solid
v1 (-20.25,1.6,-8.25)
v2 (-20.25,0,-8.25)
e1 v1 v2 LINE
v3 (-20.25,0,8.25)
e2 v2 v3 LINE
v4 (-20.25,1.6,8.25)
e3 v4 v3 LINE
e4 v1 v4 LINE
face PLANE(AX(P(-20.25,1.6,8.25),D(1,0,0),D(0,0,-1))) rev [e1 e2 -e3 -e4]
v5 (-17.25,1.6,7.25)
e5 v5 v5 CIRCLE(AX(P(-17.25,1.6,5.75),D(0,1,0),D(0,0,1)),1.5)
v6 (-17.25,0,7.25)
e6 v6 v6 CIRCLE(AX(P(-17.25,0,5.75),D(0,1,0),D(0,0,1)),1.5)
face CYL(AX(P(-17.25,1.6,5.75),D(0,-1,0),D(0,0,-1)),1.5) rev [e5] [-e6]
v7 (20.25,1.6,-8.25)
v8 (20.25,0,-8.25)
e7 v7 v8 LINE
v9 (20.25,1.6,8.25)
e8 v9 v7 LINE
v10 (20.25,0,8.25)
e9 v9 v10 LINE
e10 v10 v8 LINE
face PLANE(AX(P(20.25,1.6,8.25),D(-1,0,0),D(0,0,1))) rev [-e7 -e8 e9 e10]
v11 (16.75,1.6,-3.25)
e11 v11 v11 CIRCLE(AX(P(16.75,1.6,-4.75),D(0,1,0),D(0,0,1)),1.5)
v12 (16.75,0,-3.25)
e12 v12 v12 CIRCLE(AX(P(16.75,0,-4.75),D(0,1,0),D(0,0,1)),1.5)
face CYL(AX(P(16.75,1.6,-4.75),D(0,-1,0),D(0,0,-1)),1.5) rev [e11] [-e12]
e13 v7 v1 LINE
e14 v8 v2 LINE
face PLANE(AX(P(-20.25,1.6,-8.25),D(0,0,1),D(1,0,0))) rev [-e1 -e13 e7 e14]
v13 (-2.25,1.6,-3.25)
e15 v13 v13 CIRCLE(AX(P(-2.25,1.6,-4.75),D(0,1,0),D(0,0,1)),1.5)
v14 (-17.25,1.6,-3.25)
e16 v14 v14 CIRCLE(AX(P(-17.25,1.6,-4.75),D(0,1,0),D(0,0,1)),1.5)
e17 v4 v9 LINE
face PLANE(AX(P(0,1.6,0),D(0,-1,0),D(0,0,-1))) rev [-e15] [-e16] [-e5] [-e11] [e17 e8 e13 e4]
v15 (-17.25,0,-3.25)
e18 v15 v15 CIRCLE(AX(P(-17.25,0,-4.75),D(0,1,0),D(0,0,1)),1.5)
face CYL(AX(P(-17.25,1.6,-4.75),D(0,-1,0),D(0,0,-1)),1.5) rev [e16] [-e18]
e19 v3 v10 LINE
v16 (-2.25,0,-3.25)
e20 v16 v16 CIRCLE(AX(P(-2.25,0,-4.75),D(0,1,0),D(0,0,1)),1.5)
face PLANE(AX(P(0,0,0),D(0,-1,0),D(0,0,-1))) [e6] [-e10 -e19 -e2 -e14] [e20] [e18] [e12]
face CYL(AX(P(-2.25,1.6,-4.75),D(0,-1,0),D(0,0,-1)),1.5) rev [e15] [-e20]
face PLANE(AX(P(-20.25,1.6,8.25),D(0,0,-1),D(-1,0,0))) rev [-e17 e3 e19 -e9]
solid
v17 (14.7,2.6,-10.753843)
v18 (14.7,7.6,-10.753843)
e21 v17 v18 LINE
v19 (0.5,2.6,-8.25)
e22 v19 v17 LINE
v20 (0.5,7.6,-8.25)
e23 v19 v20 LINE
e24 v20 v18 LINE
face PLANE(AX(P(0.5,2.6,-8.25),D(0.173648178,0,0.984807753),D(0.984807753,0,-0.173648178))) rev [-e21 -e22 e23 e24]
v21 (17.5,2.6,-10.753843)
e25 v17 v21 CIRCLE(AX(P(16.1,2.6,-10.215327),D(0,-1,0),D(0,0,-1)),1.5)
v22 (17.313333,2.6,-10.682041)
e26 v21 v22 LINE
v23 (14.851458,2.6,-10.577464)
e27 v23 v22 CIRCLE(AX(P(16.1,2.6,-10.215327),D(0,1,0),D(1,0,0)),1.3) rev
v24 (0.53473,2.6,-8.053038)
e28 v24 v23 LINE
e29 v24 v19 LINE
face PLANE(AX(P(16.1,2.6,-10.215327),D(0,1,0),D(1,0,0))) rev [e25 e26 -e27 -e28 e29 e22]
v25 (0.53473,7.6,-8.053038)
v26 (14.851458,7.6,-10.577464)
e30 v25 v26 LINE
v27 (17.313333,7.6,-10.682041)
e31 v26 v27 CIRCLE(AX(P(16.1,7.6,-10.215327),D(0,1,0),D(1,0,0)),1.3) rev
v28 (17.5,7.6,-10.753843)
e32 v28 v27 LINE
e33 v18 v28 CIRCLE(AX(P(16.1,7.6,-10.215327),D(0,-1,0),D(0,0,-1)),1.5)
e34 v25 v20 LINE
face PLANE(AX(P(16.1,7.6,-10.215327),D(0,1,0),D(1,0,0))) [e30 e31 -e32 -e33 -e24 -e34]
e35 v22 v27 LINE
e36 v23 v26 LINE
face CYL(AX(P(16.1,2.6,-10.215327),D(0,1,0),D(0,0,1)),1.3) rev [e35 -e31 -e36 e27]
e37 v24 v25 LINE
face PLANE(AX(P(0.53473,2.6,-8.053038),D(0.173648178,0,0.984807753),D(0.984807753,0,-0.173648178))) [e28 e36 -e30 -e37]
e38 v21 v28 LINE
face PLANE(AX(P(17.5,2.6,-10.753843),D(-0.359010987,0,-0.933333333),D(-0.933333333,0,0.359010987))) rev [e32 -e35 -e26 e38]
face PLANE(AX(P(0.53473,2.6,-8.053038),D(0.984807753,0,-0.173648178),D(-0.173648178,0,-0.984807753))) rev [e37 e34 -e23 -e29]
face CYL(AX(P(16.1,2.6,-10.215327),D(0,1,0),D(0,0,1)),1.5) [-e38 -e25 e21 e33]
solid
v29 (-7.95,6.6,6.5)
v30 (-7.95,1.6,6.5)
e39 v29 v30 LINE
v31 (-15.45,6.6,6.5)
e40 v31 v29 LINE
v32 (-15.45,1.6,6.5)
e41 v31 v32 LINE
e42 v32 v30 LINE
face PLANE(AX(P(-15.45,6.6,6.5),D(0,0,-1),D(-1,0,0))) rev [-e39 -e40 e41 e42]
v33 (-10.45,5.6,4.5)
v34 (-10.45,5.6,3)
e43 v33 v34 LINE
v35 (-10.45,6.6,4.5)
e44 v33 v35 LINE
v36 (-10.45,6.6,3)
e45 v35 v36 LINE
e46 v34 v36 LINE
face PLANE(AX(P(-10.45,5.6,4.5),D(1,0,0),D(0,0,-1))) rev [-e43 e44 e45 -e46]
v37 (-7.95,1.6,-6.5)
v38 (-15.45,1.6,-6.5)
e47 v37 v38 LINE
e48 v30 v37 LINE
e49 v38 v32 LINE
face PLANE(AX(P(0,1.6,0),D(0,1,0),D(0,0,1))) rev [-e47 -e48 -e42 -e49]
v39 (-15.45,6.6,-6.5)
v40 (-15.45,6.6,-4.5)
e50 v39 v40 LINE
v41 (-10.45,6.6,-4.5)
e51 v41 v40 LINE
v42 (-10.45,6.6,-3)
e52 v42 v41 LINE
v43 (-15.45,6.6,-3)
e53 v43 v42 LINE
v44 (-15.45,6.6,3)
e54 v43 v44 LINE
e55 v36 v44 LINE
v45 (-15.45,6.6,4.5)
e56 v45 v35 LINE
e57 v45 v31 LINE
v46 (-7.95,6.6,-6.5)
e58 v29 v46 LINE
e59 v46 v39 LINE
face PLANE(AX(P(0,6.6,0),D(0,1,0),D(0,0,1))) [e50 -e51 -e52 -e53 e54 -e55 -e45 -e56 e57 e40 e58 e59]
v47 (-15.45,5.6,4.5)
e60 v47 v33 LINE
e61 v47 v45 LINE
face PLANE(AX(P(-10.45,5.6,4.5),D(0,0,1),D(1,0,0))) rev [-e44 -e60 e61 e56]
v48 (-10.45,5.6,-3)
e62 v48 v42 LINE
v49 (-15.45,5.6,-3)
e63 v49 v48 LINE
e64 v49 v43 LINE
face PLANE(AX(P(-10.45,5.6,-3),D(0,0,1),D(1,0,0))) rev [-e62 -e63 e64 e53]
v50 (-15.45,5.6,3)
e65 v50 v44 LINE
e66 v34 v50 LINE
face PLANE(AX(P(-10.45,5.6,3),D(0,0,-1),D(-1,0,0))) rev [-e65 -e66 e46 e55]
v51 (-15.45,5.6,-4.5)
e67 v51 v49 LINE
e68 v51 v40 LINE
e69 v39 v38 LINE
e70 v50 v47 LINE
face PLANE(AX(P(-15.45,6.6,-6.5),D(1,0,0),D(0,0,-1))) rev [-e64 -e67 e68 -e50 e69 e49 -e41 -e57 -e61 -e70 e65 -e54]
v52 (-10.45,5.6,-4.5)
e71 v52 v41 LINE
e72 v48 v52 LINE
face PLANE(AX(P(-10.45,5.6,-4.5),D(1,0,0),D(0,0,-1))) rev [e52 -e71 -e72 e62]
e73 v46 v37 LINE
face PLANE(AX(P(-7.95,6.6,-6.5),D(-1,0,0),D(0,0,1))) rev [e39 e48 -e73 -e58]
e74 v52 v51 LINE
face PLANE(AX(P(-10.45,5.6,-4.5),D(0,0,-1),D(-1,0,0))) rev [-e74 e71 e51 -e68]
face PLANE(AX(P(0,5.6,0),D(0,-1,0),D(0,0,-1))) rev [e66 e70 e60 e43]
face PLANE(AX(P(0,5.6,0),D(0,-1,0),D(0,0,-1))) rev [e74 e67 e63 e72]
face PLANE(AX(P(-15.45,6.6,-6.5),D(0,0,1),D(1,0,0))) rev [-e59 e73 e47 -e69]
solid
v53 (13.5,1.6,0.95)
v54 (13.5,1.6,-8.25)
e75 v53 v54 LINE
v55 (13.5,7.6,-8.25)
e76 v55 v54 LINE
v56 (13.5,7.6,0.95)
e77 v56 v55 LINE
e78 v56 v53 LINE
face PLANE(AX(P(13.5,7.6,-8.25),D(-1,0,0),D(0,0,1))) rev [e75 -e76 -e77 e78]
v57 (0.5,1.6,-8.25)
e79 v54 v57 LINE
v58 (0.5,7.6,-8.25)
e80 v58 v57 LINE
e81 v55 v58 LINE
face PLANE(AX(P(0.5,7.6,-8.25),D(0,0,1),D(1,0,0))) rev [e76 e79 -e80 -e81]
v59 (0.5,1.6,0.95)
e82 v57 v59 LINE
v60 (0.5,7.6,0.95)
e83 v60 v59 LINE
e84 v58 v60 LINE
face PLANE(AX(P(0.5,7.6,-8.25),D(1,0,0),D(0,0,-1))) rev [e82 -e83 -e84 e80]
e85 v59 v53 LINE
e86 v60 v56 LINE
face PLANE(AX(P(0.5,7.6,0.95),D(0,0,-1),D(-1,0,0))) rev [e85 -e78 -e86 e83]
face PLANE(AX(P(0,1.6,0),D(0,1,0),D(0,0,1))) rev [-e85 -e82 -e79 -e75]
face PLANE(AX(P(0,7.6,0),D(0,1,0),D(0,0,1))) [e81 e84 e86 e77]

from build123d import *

# Parameters (mm, degrees)
SKETCH1_W           = 40.5
SKETCH1_H           = 16.5
SKETCH1_R           = 1.5
BOSS_EXTRUDE1_DEPTH = 1.6
SKETCH2_W           = 13
SKETCH2_H           = 9.2
BOSS_EXTRUDE2_DEPTH = 6
SKETCH3_W           = 7.5
SKETCH3_H           = 13
BOSS_EXTRUDE3_DEPTH = 5
SKETCH4_W           = 5
SKETCH4_H           = 1.5
CUT_EXTRUDE1_DEPTH  = 1
EXTRUDE_THIN1_DEPTH = 5


with BuildPart() as part:
    # Sketch1 → Boss-Extrude1 (new body)
    with BuildSketch(Plane(origin=(0, 0, 0), x_dir=(1, 0, 0), z_dir=(0, 1, 0))):
        Rectangle(SKETCH1_W, SKETCH1_H)
        with Locations((-17.25, -5.75)):
            Circle(SKETCH1_R, mode=Mode.SUBTRACT)
        with Locations((-17.25, 4.75)):
            Circle(SKETCH1_R, mode=Mode.SUBTRACT)
        with Locations((-2.25, 4.75)):
            Circle(SKETCH1_R, mode=Mode.SUBTRACT)
        with Locations((16.75, 4.75)):
            Circle(SKETCH1_R, mode=Mode.SUBTRACT)
    extrude(amount=BOSS_EXTRUDE1_DEPTH)


with BuildPart() as body_2:
    # Sketch2 → Boss-Extrude2 (new body)
    with BuildSketch(Plane(origin=(0, 1.6, 0), x_dir=(1, 0, 0), z_dir=(0, 1, 0))):
        with Locations((7, 3.65)):
            Rectangle(SKETCH2_W, SKETCH2_H)
    extrude(amount=BOSS_EXTRUDE2_DEPTH)


with BuildPart() as body_3:
    # Sketch3 → Boss-Extrude3 (new body)
    with BuildSketch(Plane(origin=(0, 1.6, 0), x_dir=(1, 0, 0), z_dir=(0, 1, 0))):
        with Locations((-11.7, 0)):
            Rectangle(SKETCH3_W, SKETCH3_H)
    extrude(amount=BOSS_EXTRUDE3_DEPTH)

    # Sketch4 → Cut-Extrude1 (cut)
    with BuildSketch(Plane(origin=(0, 6.6, 0), x_dir=(1, 0, 0), z_dir=(0, 1, 0))):
        with Locations((-12.95, 3.75)):
            Rectangle(SKETCH4_W, SKETCH4_H)
        with Locations((-12.95, -3.75)):
            Rectangle(SKETCH4_W, SKETCH4_H)
    extrude(amount=-CUT_EXTRUDE1_DEPTH, mode=Mode.SUBTRACT)


with BuildPart() as body_4:
    # Sketch5 → Extrude-Thin1 (new body)
    with BuildSketch(Plane(origin=(0, 7.6, 0), x_dir=(1, 0, 0), z_dir=(0, 1, 0))):
        with BuildLine():
            Line((0.5, 8.25), (14.7, 10.753843126))
            ThreePointArc((14.7, 10.753843126), (16.1, 11.715326645), (17.5, 10.753843126))
            Line((17.5, 10.753843126), (17.313333333, 10.682040929))
            ThreePointArc((17.313333333, 10.682040929), (16.044827604, 11.514155351), (14.851458229, 10.577463976))
            Line((14.851458229, 10.577463976), (0.534729636, 8.053038449))
            Line((0.534729636, 8.053038449), (0.5, 8.25))
        make_face()
    extrude(amount=-EXTRUDE_THIN1_DEPTH)


solid = Compound([part.part, body_2.part, body_3.part, body_4.part])
